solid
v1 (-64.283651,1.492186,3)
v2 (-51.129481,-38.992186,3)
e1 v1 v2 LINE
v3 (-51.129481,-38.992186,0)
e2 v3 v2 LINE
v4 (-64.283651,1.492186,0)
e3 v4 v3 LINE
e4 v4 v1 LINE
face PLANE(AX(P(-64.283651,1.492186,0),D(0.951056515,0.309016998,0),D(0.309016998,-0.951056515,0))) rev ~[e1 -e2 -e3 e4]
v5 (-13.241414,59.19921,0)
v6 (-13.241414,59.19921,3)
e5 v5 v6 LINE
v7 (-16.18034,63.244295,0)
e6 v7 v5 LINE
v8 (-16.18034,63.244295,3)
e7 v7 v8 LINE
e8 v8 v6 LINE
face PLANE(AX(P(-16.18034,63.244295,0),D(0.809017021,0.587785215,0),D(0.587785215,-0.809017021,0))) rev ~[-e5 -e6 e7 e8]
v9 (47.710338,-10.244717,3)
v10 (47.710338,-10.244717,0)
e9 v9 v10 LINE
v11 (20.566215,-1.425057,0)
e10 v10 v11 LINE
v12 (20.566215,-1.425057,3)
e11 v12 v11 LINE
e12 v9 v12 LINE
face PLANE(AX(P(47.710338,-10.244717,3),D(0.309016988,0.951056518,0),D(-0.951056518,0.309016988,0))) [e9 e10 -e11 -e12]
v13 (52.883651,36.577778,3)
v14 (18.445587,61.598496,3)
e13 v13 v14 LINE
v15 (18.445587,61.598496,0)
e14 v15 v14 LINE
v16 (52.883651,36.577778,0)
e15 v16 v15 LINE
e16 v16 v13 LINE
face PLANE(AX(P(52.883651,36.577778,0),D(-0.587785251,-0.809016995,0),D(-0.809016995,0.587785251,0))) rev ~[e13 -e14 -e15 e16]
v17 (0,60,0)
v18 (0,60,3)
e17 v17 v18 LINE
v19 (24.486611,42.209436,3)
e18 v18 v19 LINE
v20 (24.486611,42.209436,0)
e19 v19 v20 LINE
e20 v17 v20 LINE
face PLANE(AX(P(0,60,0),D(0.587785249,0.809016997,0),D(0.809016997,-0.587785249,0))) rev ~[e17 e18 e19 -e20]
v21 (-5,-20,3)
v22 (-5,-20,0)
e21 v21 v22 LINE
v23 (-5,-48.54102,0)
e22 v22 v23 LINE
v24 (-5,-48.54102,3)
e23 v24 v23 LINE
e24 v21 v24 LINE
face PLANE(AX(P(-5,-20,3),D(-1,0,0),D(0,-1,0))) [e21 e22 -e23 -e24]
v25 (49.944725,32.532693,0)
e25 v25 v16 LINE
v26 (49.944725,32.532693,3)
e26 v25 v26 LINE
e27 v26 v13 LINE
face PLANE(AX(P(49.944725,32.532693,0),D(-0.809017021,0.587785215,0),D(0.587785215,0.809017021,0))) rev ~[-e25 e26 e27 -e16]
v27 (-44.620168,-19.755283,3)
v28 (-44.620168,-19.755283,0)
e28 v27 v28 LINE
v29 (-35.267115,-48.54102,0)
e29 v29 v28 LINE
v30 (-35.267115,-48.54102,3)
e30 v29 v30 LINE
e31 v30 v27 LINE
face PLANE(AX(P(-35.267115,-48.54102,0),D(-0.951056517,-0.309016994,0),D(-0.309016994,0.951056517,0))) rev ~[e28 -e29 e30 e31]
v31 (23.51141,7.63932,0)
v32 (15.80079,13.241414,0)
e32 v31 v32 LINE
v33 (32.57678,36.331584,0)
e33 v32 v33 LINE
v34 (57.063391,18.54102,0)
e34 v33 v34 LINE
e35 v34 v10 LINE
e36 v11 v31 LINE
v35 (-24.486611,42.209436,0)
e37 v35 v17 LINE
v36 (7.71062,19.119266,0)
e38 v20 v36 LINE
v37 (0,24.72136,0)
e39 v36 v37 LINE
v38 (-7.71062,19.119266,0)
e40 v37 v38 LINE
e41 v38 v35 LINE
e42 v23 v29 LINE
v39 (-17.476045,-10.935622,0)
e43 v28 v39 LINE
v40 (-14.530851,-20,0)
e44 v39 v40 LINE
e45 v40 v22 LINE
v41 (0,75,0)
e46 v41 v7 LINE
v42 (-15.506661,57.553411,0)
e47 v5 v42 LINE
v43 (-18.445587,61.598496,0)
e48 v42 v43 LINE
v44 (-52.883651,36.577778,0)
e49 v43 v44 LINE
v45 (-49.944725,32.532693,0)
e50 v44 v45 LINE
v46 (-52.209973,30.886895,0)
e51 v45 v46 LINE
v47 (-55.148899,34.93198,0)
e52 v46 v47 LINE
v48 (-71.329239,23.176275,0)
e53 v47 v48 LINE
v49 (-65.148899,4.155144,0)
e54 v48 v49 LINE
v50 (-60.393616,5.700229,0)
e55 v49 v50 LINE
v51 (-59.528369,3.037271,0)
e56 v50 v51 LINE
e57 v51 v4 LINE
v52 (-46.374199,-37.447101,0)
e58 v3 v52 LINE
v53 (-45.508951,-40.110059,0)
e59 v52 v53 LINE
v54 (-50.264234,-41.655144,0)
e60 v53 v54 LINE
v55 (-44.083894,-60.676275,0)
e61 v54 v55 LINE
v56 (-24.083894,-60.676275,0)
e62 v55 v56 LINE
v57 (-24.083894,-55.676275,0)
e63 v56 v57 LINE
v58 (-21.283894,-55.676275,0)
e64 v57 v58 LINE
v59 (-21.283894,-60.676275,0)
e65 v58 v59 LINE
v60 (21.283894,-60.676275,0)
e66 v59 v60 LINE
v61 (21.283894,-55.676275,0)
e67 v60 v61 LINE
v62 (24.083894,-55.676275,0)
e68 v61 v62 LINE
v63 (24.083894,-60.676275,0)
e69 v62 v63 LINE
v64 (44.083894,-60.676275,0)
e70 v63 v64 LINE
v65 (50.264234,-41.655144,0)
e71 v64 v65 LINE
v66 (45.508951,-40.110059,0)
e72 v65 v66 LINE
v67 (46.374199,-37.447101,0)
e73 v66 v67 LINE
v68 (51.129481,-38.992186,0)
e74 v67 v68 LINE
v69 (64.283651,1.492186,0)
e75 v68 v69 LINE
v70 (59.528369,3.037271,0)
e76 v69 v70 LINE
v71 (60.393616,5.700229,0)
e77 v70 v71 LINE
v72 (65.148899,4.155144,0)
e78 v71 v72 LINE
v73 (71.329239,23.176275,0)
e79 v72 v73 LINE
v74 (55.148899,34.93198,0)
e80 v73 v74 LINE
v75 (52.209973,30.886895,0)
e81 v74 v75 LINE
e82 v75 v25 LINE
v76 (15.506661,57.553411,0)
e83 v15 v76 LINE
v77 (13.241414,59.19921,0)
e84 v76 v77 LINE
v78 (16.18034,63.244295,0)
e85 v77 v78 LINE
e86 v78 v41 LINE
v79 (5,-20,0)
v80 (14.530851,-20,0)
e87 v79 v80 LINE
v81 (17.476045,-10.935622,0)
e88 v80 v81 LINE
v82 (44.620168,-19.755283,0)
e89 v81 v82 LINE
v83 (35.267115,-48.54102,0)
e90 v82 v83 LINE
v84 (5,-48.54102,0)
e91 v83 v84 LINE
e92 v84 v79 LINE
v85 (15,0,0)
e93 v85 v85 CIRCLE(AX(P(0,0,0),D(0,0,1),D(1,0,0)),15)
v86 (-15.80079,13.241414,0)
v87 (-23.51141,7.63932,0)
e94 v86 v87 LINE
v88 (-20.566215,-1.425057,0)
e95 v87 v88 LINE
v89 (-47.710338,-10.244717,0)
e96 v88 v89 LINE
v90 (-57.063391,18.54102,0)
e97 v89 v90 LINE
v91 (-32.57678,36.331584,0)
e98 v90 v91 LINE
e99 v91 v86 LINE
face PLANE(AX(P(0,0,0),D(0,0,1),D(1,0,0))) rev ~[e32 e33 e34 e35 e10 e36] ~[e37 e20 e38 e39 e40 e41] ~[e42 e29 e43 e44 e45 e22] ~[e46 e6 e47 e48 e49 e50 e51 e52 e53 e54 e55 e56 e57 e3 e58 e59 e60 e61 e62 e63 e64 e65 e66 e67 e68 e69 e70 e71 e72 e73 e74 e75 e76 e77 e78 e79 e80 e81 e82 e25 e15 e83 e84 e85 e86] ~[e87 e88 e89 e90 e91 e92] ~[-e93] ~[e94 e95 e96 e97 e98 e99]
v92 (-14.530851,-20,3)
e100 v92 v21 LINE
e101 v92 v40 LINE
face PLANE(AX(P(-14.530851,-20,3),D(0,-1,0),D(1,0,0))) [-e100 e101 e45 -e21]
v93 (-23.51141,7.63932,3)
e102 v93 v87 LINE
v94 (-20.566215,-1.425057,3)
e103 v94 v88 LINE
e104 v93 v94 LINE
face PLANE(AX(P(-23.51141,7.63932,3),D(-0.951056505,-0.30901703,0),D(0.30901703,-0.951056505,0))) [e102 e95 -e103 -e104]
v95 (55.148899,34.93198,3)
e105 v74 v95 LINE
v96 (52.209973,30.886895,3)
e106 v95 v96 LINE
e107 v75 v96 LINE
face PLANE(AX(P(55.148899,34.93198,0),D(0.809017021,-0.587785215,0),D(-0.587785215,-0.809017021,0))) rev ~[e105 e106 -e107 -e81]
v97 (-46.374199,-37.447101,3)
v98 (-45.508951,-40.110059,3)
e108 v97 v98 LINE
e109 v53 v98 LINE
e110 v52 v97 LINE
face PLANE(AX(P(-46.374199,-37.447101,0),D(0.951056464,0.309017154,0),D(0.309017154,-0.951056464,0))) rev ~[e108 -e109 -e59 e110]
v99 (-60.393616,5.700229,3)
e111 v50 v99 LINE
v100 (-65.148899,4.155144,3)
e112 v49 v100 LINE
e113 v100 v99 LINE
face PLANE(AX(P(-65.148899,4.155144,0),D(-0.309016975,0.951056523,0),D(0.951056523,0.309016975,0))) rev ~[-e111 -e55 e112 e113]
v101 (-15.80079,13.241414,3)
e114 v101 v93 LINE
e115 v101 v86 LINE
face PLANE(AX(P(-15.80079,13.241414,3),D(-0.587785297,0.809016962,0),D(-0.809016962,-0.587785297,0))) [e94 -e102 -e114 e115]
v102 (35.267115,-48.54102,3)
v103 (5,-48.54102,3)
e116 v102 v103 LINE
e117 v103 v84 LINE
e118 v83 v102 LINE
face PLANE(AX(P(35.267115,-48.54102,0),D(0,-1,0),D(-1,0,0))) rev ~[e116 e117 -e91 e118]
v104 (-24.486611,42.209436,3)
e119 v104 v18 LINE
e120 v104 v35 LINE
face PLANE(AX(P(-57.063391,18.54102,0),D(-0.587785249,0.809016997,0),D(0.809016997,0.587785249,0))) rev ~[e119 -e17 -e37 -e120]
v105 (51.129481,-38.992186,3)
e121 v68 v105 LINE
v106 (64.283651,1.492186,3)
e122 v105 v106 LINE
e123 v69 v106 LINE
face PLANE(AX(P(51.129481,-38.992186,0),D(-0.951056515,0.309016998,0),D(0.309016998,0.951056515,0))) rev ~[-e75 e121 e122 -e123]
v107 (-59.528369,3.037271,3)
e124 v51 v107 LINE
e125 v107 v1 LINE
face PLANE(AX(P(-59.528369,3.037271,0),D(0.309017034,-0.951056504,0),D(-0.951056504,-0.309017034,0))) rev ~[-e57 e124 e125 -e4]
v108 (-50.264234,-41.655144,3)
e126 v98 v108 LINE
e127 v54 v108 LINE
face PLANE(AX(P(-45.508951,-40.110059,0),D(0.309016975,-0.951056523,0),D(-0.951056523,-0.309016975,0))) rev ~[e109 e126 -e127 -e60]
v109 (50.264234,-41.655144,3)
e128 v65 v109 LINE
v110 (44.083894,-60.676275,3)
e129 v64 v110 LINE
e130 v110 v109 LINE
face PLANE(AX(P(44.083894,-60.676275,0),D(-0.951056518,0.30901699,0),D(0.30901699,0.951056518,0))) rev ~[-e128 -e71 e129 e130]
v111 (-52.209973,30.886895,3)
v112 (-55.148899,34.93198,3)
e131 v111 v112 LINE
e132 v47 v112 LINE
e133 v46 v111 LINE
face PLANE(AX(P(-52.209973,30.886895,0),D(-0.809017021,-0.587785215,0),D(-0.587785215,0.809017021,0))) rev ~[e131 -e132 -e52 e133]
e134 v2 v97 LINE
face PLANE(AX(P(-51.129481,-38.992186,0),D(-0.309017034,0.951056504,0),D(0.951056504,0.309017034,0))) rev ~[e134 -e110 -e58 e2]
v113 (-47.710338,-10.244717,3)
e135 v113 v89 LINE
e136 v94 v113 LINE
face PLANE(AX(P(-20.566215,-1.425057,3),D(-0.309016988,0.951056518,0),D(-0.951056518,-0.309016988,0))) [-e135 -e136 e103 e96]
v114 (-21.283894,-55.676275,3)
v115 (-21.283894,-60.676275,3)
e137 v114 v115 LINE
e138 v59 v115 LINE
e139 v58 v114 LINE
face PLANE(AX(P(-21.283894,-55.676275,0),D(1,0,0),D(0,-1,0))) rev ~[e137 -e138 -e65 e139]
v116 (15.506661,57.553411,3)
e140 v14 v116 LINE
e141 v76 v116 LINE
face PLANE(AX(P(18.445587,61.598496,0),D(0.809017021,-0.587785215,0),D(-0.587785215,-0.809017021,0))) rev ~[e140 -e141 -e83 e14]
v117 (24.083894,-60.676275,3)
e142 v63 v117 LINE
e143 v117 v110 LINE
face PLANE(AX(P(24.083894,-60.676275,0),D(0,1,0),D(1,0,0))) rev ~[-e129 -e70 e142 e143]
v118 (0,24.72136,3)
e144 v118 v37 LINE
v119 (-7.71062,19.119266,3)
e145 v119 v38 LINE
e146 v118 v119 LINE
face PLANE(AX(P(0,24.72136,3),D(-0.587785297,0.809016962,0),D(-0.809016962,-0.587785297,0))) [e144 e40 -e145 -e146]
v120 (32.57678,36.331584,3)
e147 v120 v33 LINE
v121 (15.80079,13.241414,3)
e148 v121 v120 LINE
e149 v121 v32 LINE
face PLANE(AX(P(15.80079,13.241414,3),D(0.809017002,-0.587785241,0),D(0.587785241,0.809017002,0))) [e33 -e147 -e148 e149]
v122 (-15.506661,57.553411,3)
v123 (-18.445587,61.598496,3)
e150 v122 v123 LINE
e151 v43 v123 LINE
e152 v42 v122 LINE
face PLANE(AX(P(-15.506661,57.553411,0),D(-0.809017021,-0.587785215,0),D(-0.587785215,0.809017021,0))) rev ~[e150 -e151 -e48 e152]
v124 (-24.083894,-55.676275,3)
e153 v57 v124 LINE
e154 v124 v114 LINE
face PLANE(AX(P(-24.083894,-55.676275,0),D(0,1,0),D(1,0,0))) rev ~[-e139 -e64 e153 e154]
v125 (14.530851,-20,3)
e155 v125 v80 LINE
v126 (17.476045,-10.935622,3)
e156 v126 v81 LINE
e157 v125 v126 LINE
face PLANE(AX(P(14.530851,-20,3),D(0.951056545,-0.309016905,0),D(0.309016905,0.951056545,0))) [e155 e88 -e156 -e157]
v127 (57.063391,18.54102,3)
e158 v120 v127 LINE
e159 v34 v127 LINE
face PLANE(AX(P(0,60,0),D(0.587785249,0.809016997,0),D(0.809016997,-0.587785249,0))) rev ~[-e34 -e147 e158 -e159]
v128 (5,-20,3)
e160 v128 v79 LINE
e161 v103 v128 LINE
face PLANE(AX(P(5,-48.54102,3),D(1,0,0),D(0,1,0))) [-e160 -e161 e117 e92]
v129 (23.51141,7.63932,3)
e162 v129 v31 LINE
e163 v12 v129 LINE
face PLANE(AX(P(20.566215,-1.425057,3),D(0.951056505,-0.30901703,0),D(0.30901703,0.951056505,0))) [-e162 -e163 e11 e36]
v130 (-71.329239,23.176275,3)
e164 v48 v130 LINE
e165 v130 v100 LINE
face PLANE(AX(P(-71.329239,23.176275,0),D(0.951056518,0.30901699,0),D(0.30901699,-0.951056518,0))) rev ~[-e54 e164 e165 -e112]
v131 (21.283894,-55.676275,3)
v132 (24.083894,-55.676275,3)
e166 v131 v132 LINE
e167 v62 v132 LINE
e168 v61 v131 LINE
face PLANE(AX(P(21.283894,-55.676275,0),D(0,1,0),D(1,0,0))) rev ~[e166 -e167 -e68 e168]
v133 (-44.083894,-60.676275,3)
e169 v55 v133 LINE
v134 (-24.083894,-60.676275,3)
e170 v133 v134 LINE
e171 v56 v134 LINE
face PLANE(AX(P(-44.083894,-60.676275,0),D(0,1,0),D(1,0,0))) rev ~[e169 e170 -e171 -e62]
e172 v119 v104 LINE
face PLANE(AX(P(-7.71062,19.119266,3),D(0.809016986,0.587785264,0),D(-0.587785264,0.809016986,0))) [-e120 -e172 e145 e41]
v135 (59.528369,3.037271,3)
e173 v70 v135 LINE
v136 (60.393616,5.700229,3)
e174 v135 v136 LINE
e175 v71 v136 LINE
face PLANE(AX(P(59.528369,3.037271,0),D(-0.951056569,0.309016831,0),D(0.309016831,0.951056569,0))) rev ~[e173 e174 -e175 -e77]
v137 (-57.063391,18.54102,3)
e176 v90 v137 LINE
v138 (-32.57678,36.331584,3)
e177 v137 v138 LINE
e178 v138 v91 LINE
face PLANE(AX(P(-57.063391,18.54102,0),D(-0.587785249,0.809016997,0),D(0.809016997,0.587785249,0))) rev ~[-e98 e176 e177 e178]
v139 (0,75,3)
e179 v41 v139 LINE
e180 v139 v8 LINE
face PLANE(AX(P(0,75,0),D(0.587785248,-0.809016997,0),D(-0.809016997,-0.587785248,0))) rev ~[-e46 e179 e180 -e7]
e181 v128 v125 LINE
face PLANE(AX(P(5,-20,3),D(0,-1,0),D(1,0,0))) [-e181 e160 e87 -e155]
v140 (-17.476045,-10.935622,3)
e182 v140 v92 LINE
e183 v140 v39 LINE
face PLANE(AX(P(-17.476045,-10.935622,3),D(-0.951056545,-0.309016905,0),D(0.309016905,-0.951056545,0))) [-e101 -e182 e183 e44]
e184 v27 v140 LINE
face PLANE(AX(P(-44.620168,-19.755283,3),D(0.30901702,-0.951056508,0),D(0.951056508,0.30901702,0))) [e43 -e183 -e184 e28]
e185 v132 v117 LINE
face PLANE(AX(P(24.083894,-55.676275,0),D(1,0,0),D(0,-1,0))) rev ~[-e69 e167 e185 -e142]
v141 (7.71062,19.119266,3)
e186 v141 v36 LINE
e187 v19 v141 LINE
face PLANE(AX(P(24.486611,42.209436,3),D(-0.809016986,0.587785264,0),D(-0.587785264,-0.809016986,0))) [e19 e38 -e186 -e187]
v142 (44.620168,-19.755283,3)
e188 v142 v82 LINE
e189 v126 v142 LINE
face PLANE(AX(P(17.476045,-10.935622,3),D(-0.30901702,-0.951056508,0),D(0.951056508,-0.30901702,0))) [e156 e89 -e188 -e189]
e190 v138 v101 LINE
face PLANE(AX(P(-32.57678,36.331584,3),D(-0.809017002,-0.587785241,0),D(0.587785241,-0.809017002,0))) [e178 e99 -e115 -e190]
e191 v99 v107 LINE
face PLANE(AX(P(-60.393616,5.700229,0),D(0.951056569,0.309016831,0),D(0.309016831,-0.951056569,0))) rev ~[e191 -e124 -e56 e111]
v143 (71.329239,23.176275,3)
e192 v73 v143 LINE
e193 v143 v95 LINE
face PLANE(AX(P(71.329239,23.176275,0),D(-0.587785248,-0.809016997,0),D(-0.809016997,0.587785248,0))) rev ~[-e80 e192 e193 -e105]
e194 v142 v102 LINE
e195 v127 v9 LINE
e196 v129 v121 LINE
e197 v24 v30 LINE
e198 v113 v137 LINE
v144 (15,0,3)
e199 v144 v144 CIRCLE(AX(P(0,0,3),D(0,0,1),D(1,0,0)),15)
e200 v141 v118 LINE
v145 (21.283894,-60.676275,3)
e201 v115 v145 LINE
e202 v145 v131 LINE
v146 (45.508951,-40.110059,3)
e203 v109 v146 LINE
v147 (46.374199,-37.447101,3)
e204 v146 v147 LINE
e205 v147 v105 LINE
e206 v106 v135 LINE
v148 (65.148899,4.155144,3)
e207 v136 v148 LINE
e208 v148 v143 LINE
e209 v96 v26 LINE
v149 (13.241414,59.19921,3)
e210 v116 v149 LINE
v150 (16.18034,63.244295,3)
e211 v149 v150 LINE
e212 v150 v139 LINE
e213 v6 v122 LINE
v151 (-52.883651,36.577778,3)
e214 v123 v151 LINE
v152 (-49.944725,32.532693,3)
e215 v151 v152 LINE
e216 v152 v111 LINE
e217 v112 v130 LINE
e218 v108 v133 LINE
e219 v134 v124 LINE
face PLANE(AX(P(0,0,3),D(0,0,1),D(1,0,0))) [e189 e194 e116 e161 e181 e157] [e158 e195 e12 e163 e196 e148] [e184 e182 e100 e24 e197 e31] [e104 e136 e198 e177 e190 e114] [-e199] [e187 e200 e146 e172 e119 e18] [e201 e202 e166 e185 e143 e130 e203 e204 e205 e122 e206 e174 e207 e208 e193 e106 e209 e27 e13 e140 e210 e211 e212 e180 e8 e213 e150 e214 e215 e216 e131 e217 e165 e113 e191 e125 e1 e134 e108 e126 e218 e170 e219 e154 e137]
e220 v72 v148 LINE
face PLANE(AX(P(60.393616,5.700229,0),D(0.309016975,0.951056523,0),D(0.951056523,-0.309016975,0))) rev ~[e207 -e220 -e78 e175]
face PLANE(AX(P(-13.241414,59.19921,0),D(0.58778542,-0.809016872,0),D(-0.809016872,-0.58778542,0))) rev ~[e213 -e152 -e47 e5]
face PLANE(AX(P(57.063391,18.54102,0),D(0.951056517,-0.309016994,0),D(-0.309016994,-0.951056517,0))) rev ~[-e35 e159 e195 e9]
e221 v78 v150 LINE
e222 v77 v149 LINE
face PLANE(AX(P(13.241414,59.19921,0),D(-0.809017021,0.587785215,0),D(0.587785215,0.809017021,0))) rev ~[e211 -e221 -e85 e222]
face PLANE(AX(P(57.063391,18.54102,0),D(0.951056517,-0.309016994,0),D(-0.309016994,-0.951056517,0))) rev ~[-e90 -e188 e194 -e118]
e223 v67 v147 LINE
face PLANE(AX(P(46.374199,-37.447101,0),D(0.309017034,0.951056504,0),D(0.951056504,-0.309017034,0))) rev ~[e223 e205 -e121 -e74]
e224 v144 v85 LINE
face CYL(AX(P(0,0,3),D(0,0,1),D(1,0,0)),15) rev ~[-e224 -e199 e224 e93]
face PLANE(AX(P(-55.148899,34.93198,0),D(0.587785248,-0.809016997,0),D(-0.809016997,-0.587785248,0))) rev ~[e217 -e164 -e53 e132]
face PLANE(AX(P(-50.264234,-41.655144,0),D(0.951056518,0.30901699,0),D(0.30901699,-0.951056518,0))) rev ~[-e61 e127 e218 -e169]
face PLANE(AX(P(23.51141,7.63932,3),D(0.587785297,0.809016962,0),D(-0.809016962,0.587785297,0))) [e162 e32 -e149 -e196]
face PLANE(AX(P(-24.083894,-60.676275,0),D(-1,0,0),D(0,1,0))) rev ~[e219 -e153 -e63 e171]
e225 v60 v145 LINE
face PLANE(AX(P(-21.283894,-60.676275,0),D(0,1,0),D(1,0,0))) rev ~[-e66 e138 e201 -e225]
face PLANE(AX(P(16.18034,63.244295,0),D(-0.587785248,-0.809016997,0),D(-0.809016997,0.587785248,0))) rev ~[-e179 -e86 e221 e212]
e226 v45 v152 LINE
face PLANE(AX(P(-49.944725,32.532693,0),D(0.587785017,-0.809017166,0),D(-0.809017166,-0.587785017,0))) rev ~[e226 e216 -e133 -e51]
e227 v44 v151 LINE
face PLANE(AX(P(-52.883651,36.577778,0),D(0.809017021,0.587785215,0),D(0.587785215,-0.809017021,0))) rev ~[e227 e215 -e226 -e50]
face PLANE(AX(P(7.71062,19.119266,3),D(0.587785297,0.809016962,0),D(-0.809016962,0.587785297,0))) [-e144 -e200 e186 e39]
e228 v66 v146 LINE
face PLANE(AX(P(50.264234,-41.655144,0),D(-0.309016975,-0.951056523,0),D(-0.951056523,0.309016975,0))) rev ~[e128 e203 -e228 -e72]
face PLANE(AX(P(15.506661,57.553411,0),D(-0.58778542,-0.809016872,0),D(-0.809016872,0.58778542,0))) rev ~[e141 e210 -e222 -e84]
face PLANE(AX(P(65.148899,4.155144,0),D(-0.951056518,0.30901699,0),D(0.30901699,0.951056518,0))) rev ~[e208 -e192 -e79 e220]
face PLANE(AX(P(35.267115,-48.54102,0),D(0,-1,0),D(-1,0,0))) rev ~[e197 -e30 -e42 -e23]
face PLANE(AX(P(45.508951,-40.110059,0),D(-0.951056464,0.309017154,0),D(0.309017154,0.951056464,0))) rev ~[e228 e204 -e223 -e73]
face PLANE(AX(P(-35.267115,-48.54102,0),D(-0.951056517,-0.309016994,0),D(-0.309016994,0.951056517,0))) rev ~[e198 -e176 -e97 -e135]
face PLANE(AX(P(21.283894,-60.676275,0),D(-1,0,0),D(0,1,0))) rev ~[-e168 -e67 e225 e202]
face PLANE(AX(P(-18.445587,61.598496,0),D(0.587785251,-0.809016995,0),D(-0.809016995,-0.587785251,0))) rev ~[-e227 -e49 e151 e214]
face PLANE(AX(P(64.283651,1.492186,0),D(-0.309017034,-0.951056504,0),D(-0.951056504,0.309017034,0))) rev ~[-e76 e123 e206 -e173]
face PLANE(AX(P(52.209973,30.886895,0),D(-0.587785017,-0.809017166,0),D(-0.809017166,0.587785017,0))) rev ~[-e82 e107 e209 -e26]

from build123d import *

# Parameters (mm, degrees)
F1_DEPTH = 3
F2_R     = 15
F3_DEPTH = 3


with BuildPart() as f1:
    # F0 (on Top) → F1 (new body)
    with BuildSketch(Plane.XY):
        Polygon((16.18034, 63.244295), (0, 75), (-16.18034, 63.244295), (-13.241414, 59.19921), (-15.506661, 57.553411), (-18.445587, 61.598496), (-52.883651, 36.577778), (-49.944725, 32.532693), (-52.209973, 30.886895), (-55.148899, 34.93198), (-71.329239, 23.176275), (-65.148899, 4.155144), (-60.393616, 5.700229), (-59.528369, 3.037271), (-64.283651, 1.492186), (-51.129481, -38.992186), (-46.374199, -37.447101), (-45.508951, -40.110059), (-50.264234, -41.655144), (-44.083894, -60.676275), (-24.083894, -60.676275), (-24.083894, -55.676275), (-21.283894, -55.676275), (-21.283894, -60.676275), (21.283894, -60.676275), (21.283894, -55.676275), (24.083894, -55.676275), (24.083894, -60.676275), (44.083894, -60.676275), (50.264234, -41.655144), (45.508951, -40.110059), (46.374199, -37.447101), (51.129481, -38.992186), (64.283651, 1.492186), (59.528369, 3.037271), (60.393616, 5.700229), (65.148899, 4.155144), (71.329239, 23.176275), (55.148899, 34.93198), (52.209973, 30.886895), (49.944725, 32.532693), (52.883651, 36.577778), (18.445587, 61.598496), (15.506661, 57.553411), (13.241414, 59.19921), align=None)
        Polygon((-57.063391, 18.54102), (0, 60), (57.063391, 18.54102), (35.267115, -48.54102), (-35.267115, -48.54102), align=None, mode=Mode.SUBTRACT)
    extrude(amount=F1_DEPTH)

    # F2 (on face) → F3 (join)
    with BuildSketch(Plane.XY.offset(3)):
        Polygon((5, -20), (14.530851, -20), (17.476045, -10.935622), (44.620168, -19.755283), (47.710338, -10.244717), (20.566215, -1.425057), (23.51141, 7.63932), (15.80079, 13.241414), (32.57678, 36.331584), (24.486611, 42.209436), (7.71062, 19.119266), (0, 24.72136), (-7.71062, 19.119266), (-24.486611, 42.209436), (-32.57678, 36.331584), (-15.80079, 13.241414), (-23.51141, 7.63932), (-20.566215, -1.425057), (-47.710338, -10.244717), (-44.620168, -19.755283), (-17.476045, -10.935622), (-14.530851, -20), (-5, -20), (-5, -48.54102), (5, -48.54102), align=None)
        Circle(F2_R, mode=Mode.SUBTRACT)
    extrude(amount=-F3_DEPTH)


solid = f1.part
